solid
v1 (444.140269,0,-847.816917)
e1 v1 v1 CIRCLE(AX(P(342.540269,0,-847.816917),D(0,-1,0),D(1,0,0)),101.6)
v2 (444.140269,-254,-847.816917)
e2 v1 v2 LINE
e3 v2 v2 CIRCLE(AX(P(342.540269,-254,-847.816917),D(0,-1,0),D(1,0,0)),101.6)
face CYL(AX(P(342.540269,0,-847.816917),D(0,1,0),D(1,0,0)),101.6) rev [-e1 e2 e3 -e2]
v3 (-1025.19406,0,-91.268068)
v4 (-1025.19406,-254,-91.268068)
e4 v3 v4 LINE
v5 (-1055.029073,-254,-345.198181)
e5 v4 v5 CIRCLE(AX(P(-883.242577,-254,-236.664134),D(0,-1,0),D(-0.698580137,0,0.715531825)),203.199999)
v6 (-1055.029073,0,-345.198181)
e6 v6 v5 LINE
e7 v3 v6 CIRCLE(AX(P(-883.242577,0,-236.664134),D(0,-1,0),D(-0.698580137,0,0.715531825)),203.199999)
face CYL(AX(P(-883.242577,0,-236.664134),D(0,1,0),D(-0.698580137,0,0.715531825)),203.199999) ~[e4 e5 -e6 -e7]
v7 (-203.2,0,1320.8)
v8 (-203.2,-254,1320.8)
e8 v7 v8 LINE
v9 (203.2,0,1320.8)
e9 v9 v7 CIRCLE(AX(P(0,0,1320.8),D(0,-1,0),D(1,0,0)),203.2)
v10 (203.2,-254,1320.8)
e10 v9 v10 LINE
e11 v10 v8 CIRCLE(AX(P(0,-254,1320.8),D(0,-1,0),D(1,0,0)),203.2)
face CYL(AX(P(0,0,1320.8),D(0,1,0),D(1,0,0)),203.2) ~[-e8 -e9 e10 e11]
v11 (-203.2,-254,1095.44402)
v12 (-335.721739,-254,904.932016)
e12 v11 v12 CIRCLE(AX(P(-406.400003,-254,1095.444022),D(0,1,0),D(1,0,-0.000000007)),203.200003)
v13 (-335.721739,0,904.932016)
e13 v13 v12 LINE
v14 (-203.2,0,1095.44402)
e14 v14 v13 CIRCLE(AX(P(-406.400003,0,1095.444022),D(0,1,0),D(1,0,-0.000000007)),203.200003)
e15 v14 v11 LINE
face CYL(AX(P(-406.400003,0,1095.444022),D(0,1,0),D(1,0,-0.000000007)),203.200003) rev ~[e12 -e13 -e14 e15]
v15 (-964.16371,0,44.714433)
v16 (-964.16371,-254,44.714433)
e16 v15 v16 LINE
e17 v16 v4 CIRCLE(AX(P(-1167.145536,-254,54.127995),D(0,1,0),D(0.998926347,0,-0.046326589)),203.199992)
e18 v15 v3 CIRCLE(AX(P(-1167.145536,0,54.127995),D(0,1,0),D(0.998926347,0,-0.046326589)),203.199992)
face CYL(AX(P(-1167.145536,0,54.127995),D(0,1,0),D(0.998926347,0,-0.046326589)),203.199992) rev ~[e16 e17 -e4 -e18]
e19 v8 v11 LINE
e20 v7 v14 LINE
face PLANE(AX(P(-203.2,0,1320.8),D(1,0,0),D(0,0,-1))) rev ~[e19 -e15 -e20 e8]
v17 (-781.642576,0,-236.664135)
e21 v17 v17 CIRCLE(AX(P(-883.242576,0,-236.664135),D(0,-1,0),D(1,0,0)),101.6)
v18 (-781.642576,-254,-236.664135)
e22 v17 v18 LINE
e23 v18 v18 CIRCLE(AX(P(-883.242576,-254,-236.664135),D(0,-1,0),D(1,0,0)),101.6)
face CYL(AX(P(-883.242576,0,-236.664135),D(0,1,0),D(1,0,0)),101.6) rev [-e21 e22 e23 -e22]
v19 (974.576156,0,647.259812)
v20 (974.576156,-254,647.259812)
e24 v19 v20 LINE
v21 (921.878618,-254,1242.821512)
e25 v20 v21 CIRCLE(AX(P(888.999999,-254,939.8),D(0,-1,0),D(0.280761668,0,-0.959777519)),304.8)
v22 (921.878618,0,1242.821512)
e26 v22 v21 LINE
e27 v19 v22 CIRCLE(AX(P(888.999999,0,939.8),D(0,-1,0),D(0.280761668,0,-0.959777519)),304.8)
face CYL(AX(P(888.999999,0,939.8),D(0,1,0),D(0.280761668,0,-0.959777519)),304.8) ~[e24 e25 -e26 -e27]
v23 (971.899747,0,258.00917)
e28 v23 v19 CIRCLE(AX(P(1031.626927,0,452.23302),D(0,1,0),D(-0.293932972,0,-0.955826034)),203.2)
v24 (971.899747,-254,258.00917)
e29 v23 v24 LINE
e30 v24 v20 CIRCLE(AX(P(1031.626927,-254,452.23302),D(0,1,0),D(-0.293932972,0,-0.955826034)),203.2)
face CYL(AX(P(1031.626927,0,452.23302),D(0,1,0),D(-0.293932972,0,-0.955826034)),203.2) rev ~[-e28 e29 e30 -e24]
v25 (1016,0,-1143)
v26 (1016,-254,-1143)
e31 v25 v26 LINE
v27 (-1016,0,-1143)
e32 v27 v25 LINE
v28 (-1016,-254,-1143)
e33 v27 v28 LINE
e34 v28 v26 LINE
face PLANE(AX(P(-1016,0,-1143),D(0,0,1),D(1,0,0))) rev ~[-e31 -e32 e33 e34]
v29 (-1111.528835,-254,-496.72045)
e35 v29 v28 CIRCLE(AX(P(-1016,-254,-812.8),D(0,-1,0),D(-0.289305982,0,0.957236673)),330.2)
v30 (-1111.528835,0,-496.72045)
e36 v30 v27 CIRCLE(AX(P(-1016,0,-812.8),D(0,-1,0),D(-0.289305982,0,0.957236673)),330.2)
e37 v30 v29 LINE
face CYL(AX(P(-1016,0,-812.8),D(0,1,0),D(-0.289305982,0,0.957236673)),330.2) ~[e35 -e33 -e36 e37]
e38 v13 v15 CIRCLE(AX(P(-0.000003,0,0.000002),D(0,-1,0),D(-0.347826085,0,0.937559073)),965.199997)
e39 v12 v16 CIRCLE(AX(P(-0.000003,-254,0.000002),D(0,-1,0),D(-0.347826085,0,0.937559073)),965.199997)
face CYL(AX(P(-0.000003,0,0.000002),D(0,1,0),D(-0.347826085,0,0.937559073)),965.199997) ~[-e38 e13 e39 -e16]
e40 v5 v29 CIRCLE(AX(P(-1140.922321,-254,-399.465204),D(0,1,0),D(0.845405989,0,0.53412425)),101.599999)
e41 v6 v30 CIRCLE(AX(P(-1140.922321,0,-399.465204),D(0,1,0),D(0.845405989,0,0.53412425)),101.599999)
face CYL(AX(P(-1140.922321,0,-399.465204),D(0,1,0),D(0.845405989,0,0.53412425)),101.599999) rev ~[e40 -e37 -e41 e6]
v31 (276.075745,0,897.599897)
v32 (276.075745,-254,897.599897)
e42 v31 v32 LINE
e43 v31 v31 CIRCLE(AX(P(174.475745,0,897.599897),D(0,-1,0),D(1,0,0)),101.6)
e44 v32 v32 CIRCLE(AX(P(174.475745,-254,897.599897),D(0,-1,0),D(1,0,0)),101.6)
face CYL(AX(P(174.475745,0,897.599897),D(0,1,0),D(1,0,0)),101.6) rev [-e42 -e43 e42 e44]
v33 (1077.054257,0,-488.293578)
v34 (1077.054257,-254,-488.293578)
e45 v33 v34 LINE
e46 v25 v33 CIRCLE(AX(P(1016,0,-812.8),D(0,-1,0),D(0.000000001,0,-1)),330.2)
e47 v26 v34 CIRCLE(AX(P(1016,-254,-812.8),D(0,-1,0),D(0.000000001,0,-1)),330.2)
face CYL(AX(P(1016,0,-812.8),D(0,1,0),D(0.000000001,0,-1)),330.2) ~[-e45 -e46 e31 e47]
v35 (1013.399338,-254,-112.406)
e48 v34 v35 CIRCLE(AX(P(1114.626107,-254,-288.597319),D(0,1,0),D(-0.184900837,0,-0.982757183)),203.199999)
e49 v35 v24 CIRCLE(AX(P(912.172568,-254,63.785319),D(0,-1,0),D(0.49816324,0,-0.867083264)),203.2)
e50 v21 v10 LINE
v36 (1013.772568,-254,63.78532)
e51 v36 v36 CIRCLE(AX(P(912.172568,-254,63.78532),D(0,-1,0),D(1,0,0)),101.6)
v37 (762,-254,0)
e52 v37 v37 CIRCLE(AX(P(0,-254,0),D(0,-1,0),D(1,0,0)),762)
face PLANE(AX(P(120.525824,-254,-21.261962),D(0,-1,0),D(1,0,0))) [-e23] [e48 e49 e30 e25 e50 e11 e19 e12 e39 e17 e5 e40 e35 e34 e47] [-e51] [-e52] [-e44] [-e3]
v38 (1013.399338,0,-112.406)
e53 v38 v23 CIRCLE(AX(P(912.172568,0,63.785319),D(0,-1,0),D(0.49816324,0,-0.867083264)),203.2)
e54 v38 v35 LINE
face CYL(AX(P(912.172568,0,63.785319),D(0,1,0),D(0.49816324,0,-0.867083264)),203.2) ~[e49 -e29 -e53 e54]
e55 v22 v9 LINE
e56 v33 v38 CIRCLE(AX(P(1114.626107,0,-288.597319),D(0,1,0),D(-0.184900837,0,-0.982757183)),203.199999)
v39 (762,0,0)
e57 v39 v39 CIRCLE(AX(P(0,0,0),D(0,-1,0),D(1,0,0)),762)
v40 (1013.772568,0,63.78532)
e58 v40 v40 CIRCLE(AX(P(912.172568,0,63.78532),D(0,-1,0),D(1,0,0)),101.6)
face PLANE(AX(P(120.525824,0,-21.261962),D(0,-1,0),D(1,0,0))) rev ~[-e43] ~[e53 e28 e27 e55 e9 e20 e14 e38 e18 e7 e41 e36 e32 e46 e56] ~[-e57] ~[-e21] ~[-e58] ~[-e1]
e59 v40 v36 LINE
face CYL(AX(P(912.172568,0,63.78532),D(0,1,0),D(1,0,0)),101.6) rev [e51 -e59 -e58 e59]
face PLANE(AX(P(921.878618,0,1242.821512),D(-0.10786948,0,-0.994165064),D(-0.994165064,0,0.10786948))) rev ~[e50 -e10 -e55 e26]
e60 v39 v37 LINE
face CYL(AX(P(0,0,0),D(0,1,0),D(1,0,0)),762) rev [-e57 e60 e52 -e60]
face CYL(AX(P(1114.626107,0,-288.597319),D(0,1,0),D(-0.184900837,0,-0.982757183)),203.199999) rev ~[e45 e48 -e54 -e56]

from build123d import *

# Parameters (mm, degrees)
F0_R     = 101.6
F0_R_2   = 762
F1_DEPTH = 254


with BuildPart() as f1:
    # F0 (on Front) → F1 (new body)
    with BuildSketch(Plane.XZ):
        with BuildLine():
            Line((-1016, -1143), (0, -1143))
            Line((0, -1143), (1016, -1143))
            ThreePointArc((1016, -1143), (1344.773524, -843.459579), (1077.054257, -488.293578))
            ThreePointArc((1077.054257, -488.293578), (914.278579, -322.525298), (1013.399338, -112.406))
            ThreePointArc((1013.399338, -112.406), (1114.109174, 86.409357), (971.899747, 258.00917))
            ThreePointArc((971.899747, 258.00917), (828.43173, 453.630149), (974.576156, 647.259812))
            ThreePointArc((974.576156, 647.259812), (1192.613764, 966.664887), (921.878618, 1242.821512))
            Line((921.878618, 1242.821512), (203.2, 1320.8))
            ThreePointArc((203.2, 1320.8), (0, 1524), (-203.2, 1320.8))
            Line((-203.2, 1320.8), (-203.2, 1095.44402))
            ThreePointArc((-203.2, 1095.44402), (-239.588636, 979.408643), (-335.721739, 904.932016))
            ThreePointArc((-335.721739, 904.932016), (-779.370976, 569.378541), (-964.16371, 44.714433))
            ThreePointArc((-964.16371, 44.714433), (-981.76065, -29.074654), (-1025.19406, -91.268068))
            ThreePointArc((-1025.19406, -91.268068), (-1085.054384, -212.952658), (-1055.029073, -345.198181))
            ThreePointArc((-1055.029073, -345.198181), (-1045.725119, -434.962424), (-1111.528835, -496.72045))
            ThreePointArc((-1111.528835, -496.72045), (-1342.650813, -861.083396), (-1016, -1143))
        make_face()
        with Locations((-883.242576, -236.664135)):
            Circle(F0_R, mode=Mode.SUBTRACT)
        with Locations((342.540269, -847.816917)):
            Circle(F0_R, mode=Mode.SUBTRACT)
        Circle(F0_R_2, mode=Mode.SUBTRACT)
        with Locations((912.172568, 63.78532)):
            Circle(F0_R, mode=Mode.SUBTRACT)
        with Locations((174.475745, 897.599897)):
            Circle(F0_R, mode=Mode.SUBTRACT)
    extrude(amount=F1_DEPTH)


solid = f1.part
